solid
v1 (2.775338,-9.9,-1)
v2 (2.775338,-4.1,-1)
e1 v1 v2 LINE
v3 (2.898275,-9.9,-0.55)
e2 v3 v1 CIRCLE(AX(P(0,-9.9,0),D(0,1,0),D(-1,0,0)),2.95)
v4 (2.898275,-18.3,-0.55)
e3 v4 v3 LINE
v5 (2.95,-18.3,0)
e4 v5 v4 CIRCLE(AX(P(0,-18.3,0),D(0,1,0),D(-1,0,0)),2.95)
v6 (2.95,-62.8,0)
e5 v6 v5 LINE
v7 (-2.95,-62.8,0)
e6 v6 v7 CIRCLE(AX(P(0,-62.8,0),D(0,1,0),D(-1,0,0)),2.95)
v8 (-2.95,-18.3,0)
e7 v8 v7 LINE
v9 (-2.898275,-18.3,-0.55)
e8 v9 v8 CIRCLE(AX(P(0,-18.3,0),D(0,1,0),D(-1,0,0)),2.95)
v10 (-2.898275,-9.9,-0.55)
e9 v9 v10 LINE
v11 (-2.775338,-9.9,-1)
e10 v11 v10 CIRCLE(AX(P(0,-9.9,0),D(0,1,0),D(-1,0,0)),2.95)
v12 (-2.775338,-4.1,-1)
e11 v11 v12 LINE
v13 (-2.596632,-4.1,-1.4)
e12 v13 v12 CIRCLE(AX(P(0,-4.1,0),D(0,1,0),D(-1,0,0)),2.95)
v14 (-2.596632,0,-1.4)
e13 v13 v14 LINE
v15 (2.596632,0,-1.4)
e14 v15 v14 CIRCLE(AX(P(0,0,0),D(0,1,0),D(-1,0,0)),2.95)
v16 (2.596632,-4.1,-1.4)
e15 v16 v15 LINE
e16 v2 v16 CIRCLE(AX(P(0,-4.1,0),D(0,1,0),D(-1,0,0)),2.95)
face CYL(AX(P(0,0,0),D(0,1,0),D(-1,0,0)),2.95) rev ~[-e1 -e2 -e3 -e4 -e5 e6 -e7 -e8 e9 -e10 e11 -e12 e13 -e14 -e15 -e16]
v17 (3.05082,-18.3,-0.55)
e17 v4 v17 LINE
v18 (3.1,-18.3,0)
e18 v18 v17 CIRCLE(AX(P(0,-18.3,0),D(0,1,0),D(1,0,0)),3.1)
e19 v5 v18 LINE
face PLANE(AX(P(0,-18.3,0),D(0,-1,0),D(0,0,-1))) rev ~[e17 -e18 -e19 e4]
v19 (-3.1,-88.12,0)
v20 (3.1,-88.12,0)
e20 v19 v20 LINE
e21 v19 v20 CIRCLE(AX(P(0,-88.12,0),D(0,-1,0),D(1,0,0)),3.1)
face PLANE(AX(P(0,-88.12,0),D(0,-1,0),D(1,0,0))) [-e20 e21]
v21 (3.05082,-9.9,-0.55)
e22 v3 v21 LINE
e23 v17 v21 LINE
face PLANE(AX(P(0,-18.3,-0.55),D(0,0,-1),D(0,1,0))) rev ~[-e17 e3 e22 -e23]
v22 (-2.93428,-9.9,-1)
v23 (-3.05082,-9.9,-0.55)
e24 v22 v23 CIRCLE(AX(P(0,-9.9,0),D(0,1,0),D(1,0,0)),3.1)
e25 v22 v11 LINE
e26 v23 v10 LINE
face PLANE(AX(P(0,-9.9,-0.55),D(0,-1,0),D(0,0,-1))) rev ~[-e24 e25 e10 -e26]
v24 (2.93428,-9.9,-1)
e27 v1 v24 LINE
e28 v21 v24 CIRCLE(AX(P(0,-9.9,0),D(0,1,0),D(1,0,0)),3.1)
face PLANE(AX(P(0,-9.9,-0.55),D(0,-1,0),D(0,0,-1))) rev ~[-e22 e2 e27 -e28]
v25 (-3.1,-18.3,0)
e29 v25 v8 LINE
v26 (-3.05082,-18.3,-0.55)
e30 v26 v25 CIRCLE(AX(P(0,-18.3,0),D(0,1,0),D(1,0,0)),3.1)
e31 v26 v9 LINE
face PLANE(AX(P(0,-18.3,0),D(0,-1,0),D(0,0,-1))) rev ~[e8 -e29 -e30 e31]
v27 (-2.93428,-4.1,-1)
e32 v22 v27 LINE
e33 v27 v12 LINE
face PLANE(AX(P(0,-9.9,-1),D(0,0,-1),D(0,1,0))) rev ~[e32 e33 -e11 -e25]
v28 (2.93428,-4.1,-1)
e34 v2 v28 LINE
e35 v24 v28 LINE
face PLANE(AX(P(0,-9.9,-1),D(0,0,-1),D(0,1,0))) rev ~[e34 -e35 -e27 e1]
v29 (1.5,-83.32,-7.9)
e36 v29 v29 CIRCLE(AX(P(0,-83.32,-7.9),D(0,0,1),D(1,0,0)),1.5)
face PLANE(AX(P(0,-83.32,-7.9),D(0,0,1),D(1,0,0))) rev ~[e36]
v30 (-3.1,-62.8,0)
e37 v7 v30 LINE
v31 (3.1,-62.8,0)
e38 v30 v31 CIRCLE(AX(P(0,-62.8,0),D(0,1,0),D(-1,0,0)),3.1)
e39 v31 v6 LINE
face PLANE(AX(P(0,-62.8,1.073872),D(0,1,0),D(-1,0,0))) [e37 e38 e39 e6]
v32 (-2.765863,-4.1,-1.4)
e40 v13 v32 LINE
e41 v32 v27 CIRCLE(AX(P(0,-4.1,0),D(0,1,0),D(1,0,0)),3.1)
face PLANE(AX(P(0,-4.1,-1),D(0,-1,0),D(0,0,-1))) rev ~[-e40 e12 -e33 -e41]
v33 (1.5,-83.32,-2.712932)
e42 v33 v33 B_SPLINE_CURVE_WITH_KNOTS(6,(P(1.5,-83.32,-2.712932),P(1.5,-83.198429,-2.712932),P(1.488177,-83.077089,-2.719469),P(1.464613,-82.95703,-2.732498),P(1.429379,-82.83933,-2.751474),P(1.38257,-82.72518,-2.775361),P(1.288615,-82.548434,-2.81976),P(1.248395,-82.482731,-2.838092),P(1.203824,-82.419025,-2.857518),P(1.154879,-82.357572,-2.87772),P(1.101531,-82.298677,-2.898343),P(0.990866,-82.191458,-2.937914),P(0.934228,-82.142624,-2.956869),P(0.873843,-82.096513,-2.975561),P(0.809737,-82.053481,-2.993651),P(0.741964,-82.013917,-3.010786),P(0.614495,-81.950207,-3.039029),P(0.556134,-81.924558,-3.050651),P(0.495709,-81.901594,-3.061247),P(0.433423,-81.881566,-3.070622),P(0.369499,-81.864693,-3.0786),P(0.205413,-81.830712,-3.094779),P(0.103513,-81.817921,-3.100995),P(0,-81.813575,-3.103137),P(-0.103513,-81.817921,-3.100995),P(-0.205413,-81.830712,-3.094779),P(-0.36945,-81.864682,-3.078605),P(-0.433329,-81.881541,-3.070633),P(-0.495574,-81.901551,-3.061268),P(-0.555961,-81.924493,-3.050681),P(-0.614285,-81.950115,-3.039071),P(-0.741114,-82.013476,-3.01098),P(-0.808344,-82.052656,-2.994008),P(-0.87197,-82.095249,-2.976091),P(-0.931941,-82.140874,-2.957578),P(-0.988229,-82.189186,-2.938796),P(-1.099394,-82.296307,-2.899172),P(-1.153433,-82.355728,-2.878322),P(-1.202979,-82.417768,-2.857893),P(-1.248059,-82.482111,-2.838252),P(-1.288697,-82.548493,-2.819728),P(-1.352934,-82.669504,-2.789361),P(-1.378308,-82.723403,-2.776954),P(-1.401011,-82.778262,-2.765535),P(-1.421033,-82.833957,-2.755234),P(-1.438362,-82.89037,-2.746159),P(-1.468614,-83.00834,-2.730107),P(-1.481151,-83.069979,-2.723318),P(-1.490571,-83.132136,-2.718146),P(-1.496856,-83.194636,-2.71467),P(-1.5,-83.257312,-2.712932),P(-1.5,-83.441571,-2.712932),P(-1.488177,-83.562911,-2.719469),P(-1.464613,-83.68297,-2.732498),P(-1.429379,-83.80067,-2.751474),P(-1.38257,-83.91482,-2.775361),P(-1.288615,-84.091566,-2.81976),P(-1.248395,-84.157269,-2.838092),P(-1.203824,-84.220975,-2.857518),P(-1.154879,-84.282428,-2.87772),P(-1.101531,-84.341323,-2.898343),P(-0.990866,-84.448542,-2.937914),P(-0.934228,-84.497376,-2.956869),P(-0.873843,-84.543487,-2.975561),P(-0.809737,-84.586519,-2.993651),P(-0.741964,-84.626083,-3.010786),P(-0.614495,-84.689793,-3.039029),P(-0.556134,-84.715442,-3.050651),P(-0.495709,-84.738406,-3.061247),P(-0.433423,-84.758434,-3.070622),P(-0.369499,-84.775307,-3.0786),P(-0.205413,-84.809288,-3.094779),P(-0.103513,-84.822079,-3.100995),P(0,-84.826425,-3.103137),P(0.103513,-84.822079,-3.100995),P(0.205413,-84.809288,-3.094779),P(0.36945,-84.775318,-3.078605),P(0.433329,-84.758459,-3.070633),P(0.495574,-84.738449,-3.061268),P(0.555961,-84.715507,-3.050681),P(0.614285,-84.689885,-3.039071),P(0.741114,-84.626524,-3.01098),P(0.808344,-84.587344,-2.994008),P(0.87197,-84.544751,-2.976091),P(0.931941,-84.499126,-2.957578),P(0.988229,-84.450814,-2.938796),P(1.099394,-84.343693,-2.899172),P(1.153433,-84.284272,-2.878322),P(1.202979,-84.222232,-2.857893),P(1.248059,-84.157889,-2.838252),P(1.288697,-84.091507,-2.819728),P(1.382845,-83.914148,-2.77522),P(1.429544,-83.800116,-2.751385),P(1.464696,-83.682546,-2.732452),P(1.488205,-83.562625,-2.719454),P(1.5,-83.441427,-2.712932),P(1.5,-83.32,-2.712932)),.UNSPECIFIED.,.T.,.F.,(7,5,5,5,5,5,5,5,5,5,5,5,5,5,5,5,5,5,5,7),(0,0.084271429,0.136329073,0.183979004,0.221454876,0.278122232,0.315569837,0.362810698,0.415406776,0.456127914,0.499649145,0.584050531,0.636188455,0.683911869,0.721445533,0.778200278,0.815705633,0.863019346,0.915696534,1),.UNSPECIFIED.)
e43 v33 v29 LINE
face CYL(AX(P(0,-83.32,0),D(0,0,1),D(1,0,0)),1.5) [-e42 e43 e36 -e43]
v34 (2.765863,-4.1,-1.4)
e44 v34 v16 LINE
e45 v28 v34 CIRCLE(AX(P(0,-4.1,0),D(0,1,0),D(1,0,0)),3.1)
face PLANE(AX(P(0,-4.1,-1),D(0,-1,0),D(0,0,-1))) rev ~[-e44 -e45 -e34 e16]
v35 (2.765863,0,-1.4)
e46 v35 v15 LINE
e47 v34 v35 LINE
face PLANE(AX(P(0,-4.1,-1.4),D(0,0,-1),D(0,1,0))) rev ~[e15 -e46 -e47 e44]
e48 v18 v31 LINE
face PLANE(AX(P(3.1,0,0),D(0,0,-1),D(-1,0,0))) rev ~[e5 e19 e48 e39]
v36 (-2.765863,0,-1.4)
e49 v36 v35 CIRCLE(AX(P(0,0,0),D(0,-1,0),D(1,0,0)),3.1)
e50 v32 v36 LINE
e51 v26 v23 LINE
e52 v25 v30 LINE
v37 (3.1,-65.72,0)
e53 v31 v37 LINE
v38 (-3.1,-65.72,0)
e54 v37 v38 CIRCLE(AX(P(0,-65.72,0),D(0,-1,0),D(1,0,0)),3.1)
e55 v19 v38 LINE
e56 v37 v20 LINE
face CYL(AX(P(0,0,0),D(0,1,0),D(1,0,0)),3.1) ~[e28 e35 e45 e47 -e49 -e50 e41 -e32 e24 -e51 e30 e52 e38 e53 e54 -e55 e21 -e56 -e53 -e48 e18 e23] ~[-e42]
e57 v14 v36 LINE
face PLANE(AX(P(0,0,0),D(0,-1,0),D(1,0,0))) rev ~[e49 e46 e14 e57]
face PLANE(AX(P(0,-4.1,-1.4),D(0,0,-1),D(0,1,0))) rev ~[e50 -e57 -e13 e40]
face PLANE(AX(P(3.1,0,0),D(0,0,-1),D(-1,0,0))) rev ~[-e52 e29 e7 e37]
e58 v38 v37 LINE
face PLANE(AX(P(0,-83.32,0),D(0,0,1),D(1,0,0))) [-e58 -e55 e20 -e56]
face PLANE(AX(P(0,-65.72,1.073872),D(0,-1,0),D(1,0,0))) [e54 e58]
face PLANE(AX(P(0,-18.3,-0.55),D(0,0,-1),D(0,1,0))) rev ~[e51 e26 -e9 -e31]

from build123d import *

# Parameters (mm, degrees)
F0_R      = 3.1
F1_DEPTH  = 88.12
F3_DEPTH  = 22.4
F5_DEPTH  = 62.8
F6_R      = 2.95
F7_DEPTH  = 62.8
F9_DEPTH  = 12.5
F10_R     = 1.5
F11_DEPTH = 7.9


with BuildPart() as f1:
    # F0 (on Front) → F1 (new body)
    with BuildSketch(Plane.XZ):
        Circle(F0_R)
    extrude(amount=F1_DEPTH)

    # F2 (on face) → F3 (cut)
    with BuildSketch(Plane.XZ.offset(88.12)):
        with BuildLine():
            ThreePointArc((3.1, 0), (0, 3.1), (-3.1, 0))
            Line((-3.1, 0), (3.1, 0))
        make_face()
    extrude(amount=-F3_DEPTH, mode=Mode.SUBTRACT)

    # F4 (on face) → F5 (cut)
    with BuildSketch(Plane(origin=(0, 0, 0), x_dir=(-1, 0, 0), z_dir=(0, 1, 0))):
        with BuildLine():
            ThreePointArc((3.1, 0), (0, 3.1), (-3.1, 0))
            Line((-3.1, 0), (3.1, 0))
        make_face()
    extrude(amount=-F5_DEPTH, mode=Mode.SUBTRACT)

    # F6 (on face) → F7 (cut)
    with BuildSketch(Plane(origin=(0, 0, 0), x_dir=(-1, 0, 0), z_dir=(0, 1, 0))):
        Circle(F6_R)
    extrude(amount=-F7_DEPTH, mode=Mode.SUBTRACT)

    # F8 (on Right) → F9 (cut, symmetric)
    with BuildSketch(Plane.YZ):
        Polygon((0, 0), (-18.3, 0), (-18.3, -0.55), (-9.9, -0.55), (-9.9, -1), (-4.1, -1), (-4.1, -1.4), (0, -1.4), align=None)
    extrude(amount=F9_DEPTH, both=True, mode=Mode.SUBTRACT)

    # F10 (on face) → F11 (join)
    with BuildSketch(Plane.XY):
        with Locations((0, -83.32)):
            Circle(F10_R)
    extrude(amount=-F11_DEPTH)


solid = f1.part
